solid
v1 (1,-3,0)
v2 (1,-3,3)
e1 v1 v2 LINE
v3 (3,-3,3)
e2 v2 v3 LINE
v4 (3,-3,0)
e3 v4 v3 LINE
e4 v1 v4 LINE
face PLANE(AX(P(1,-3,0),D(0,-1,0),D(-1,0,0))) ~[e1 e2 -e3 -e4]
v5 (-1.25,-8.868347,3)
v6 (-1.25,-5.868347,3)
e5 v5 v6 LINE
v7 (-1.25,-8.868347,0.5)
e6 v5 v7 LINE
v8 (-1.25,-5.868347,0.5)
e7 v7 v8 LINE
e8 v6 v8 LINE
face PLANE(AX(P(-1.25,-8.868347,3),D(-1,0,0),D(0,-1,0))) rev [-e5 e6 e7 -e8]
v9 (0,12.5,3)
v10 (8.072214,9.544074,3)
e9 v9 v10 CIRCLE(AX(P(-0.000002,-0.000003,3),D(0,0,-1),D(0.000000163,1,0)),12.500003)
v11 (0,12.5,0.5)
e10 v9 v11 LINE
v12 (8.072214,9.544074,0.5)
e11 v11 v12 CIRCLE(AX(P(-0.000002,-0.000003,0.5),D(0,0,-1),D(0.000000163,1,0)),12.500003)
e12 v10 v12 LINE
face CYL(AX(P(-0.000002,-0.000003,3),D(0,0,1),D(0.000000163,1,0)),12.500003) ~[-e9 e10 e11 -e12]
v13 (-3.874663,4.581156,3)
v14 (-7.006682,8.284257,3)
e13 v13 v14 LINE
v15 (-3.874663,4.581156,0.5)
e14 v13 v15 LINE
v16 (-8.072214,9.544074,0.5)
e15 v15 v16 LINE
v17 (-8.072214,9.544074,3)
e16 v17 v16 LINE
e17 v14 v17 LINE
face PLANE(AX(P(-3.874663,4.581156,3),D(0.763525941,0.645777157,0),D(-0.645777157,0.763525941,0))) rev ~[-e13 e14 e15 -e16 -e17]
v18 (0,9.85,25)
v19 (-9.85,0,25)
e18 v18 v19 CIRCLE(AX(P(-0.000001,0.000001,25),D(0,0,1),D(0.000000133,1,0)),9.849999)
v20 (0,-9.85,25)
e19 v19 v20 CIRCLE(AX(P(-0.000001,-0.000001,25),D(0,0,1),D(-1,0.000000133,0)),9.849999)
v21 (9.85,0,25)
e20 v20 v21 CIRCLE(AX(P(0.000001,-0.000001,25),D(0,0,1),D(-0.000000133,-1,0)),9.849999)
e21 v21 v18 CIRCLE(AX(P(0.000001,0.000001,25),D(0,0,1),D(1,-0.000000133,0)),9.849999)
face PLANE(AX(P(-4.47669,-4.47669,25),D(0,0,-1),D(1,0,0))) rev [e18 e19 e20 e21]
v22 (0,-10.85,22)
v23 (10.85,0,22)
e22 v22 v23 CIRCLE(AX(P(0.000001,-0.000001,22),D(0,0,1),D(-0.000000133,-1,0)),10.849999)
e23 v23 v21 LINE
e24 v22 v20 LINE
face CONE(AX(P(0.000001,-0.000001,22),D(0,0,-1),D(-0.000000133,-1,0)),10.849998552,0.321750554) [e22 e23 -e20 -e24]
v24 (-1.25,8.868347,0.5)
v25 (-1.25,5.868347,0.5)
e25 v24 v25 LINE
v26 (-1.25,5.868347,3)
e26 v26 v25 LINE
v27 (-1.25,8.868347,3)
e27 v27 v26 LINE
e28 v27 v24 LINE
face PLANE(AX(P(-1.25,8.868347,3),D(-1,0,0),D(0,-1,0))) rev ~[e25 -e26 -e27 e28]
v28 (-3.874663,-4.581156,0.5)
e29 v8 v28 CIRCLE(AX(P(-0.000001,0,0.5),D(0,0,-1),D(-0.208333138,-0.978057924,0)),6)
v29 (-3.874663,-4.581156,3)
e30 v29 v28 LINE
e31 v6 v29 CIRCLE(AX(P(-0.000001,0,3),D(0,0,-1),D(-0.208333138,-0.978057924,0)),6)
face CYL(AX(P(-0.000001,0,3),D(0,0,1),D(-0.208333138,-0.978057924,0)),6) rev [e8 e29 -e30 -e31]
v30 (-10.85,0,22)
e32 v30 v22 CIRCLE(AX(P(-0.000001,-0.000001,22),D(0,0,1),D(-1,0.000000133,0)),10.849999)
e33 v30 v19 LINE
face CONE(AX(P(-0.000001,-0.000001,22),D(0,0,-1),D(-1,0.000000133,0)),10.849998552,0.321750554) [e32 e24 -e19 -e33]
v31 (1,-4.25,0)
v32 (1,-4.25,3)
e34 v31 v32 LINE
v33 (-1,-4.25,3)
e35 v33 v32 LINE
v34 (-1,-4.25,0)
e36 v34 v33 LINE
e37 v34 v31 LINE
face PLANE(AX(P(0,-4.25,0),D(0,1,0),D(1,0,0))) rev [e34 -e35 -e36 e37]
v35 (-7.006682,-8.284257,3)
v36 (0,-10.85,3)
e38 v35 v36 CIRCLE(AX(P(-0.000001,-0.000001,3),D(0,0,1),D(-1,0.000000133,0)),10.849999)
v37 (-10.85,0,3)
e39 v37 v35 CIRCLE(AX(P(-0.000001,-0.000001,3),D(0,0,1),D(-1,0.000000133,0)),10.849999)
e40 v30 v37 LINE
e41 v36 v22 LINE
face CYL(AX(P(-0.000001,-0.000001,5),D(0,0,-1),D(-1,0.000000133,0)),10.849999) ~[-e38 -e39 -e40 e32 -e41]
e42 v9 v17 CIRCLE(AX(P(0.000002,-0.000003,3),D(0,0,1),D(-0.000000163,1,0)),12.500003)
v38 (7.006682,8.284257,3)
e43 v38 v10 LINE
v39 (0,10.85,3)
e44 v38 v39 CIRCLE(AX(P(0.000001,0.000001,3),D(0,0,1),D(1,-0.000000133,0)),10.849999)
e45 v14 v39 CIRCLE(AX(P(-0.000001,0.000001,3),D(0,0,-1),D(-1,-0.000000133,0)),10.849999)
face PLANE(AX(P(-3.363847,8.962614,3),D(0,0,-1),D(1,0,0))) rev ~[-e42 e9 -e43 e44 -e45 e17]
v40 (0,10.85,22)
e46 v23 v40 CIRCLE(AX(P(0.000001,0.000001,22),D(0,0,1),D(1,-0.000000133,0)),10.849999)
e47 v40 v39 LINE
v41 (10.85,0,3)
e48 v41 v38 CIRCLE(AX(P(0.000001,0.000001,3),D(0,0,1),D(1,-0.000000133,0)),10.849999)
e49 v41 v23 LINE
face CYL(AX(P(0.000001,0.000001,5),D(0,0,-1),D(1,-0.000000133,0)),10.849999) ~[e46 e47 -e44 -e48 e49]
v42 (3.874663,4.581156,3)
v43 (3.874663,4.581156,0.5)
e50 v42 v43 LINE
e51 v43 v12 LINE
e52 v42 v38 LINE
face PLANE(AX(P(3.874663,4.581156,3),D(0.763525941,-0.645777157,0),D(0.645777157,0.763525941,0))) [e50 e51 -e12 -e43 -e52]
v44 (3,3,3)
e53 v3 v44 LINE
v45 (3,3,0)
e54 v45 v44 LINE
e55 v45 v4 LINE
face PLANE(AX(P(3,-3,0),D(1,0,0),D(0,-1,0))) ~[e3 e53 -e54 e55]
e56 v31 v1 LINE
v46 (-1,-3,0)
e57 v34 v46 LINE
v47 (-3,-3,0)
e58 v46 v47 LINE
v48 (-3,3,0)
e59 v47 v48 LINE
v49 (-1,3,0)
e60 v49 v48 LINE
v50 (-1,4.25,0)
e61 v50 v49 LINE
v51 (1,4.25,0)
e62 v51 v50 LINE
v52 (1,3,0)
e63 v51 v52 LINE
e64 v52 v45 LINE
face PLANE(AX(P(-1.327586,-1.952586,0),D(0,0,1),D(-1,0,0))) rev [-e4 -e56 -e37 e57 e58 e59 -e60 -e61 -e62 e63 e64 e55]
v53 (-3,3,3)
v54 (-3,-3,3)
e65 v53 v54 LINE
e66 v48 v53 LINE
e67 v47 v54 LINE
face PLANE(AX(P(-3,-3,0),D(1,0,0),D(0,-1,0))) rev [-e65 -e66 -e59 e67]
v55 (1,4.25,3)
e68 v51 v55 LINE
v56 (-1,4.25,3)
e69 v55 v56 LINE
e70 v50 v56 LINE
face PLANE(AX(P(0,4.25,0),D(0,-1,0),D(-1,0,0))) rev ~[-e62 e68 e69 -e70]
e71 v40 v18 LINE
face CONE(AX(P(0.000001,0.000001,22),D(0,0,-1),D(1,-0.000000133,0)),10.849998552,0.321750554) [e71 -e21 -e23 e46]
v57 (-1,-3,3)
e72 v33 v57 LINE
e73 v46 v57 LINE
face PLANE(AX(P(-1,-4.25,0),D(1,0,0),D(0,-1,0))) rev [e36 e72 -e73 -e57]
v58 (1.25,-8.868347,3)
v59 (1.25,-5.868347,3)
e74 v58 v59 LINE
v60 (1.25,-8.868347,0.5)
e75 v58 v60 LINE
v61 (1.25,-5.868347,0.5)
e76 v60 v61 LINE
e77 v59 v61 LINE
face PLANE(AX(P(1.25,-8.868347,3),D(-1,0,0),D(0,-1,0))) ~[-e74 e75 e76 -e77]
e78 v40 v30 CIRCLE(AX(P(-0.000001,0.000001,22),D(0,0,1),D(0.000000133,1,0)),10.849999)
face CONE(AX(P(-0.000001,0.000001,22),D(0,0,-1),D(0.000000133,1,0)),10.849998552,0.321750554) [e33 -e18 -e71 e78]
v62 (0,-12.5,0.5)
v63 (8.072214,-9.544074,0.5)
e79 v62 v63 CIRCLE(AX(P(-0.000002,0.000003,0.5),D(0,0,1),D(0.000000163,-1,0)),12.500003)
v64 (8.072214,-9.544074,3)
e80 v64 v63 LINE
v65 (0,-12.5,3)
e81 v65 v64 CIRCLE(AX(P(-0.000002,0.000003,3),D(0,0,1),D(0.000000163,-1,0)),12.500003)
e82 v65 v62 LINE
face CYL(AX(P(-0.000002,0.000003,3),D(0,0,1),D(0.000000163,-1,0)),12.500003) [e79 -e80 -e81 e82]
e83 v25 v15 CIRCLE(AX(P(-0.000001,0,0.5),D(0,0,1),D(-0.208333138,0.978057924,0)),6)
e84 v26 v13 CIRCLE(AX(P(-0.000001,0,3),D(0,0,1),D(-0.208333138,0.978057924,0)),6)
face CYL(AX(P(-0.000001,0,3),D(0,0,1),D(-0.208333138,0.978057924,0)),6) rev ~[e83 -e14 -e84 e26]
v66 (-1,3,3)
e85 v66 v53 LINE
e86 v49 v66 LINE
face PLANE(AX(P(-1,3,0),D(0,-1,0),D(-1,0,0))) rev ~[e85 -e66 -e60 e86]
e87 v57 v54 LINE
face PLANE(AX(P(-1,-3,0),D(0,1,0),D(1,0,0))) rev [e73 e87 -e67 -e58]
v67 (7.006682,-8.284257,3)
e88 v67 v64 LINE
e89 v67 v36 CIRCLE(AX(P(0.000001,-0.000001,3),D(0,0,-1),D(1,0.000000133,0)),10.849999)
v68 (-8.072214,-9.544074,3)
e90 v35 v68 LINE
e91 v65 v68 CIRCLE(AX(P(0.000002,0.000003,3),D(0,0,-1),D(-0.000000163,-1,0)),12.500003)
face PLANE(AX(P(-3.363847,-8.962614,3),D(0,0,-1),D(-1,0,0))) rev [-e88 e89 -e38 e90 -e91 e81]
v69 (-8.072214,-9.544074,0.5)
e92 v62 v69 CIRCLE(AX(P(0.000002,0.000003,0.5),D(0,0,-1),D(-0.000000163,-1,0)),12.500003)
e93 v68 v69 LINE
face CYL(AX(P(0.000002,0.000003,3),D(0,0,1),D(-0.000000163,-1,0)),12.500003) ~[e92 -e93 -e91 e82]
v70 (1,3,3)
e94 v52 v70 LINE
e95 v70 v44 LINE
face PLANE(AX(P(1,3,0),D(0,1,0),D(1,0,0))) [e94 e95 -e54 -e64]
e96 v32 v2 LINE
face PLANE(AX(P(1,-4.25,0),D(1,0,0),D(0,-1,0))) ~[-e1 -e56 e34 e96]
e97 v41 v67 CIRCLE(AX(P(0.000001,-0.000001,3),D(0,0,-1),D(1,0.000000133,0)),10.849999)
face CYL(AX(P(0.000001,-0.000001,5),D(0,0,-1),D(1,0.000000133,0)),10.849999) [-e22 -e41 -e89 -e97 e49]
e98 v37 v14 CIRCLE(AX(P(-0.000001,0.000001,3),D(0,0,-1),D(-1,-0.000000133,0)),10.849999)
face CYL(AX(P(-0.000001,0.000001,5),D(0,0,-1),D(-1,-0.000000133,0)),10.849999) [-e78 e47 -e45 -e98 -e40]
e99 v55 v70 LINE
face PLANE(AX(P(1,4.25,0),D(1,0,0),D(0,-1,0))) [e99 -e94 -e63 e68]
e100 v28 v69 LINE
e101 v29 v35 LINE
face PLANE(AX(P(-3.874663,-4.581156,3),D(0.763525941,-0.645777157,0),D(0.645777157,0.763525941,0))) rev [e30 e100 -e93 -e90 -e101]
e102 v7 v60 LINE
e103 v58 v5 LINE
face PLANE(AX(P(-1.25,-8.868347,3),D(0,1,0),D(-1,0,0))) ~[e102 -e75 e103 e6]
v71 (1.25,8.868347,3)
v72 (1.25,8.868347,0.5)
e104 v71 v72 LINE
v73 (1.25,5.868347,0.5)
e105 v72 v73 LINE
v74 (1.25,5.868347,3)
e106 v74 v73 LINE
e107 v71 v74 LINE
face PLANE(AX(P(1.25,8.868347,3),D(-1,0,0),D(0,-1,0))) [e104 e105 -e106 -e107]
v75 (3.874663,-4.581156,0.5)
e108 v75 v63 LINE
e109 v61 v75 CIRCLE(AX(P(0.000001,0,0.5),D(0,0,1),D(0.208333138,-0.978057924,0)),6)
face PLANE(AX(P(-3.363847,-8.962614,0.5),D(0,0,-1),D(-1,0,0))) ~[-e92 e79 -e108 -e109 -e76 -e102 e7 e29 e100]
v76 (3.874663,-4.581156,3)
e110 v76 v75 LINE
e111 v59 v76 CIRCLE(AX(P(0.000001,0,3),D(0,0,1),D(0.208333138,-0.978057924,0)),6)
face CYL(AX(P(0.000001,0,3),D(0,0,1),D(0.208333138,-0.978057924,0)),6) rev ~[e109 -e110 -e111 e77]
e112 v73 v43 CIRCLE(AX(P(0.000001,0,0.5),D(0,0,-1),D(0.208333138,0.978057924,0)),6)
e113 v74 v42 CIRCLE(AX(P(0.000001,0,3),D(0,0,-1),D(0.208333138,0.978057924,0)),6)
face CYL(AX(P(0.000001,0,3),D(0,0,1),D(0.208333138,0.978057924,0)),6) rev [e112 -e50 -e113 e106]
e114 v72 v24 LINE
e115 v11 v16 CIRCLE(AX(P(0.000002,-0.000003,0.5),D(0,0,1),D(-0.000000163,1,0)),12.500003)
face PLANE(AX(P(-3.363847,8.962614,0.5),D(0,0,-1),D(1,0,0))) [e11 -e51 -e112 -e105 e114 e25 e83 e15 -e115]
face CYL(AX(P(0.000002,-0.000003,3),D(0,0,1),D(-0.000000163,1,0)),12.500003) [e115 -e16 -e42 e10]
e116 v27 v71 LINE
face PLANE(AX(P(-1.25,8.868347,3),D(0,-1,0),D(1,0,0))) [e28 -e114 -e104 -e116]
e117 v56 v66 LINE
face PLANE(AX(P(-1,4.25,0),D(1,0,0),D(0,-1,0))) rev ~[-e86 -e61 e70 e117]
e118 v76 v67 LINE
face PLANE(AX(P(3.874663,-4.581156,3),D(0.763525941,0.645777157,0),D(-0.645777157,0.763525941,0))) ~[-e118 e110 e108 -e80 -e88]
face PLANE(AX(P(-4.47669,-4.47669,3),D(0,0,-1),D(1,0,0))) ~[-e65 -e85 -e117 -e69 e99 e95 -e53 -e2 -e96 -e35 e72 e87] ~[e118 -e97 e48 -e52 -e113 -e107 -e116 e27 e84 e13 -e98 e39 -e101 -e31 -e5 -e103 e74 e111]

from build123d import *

# Parameters (mm, degrees)
PAD_DEPTH               = 3
PAD001_DEPTH            = 2
PAD002_DEPTH            = 20
PAD003_DEPTH            = 2.5
PAD_MIRRORED_2_DEPTH    = 3
PAD001_MIRRORED_2_DEPTH = 2
PAD002_MIRRORED_2_DEPTH = 20
PAD003_MIRRORED_2_DEPTH = 2.5
CHAMFER_SIZE2           = 1
CHAMFER_SIZE            = 3


with BuildPart() as part:
    # Sketch → Pad (new body)
    with BuildSketch(Plane.XY):
        Polygon((0, 4.25), (1, 4.25), (1, 3), (3, 3), (3, 0), (0, 0), align=None)
    pad = extrude(amount=PAD_DEPTH)

    # Sketch001 (on Face8 of Pad) → Pad001 (join)
    with BuildSketch(Plane.XY.offset(3)):
        with BuildLine():
            ThreePointArc((10.85, 0), (7.672109, 7.672109), (0, 10.85))
            Line((0, 10.85), (0, 0))
            Line((0, 0), (10.85, 0))
        make_face()
    pad001 = extrude(amount=PAD001_DEPTH)

    # Sketch002 (on Face12 of Pad001) → Pad002 (join)
    with BuildSketch(Plane.XY.offset(5)):
        with BuildLine():
            ThreePointArc((10.85, 0), (7.672109, 7.672109), (0, 10.85))
            Line((0, 0), (0, 10.85))
            Line((0, 0), (10.85, 0))
        make_face()
    pad002 = extrude(amount=PAD002_DEPTH)

    # Sketch003 (on Face5 of Pad002) → Pad003 (join)
    with BuildSketch(Plane(origin=(0, 0, 3), x_dir=(1, 0, 0), z_dir=(0, 0, -1))):
        with BuildLine():
            ThreePointArc((1.25, -5.868347), (2.641923, -5.387044), (3.874663, -4.581156))
            Line((3.874663, -4.581156), (8.072214, -9.544074))
            ThreePointArc((0, -12.5), (4.298201, -11.737779), (8.072214, -9.544074))
            Line((0, -8.868347), (0, -12.5))
            Line((1.25, -8.868347), (0, -8.868347))
            Line((1.25, -8.868347), (1.25, -5.868347))
        make_face()
    pad003 = extrude(amount=PAD003_DEPTH)

    # Sketch Mirrored 2 → Pad Mirrored 2 (add)
    with BuildSketch(Plane(origin=(0, 0, 0), x_dir=(-1, 0, 0), z_dir=(0, 0, -1))):
        Polygon((0, 4.25), (1, 4.25), (1, 3), (3, 3), (3, 0), (0, 0), align=None)
    pad_mirrored_2 = extrude(amount=-PAD_MIRRORED_2_DEPTH)

    # Sketch001 Mirrored 2 → Pad001 Mirrored 2 (add)
    with BuildSketch(Plane(origin=(0, 0, 3), x_dir=(-1, 0, 0), z_dir=(0, 0, -1))):
        with BuildLine():
            ThreePointArc((10.85, 0), (7.672109, 7.672109), (0, 10.85))
            Line((0, 10.85), (0, 0))
            Line((0, 0), (10.85, 0))
        make_face()
    pad001_mirrored_2 = extrude(amount=-PAD001_MIRRORED_2_DEPTH)

    # Sketch002 Mirrored 2 → Pad002 Mirrored 2 (add)
    with BuildSketch(Plane(origin=(0, 0, 5), x_dir=(-1, 0, 0), z_dir=(0, 0, -1))):
        with BuildLine():
            ThreePointArc((10.85, 0), (7.672109, 7.672109), (0, 10.85))
            Line((0, 0), (0, 10.85))
            Line((0, 0), (10.85, 0))
        make_face()
    pad002_mirrored_2 = extrude(amount=-PAD002_MIRRORED_2_DEPTH)

    # Sketch003 Mirrored 2 → Pad003 Mirrored 2 (add)
    with BuildSketch(Plane(origin=(0, 0, 3), x_dir=(-1, 0, 0), z_dir=(0, 0, 1))):
        with BuildLine():
            ThreePointArc((1.25, -5.868347), (2.641923, -5.387044), (3.874663, -4.581156))
            Line((3.874663, -4.581156), (8.072214, -9.544074))
            ThreePointArc((0, -12.5), (4.298201, -11.737779), (8.072214, -9.544074))
            Line((0, -8.868347), (0, -12.5))
            Line((1.25, -8.868347), (0, -8.868347))
            Line((1.25, -8.868347), (1.25, -5.868347))
        make_face()
    pad003_mirrored_2 = extrude(amount=-PAD003_MIRRORED_2_DEPTH)

    # Mirrored001: Pad, Pad001, Pad002, Pad003, Pad Mirrored 2, Pad001 Mirrored 2, Pad002 Mirrored 2, Pad003 Mirrored 2 across Sketch H_Axis
    add(pad.mirror(Plane.ZX))
    add(pad001.mirror(Plane.ZX))
    add(pad002.mirror(Plane.ZX))
    add(pad003.mirror(Plane.ZX))
    add(pad_mirrored_2.mirror(Plane.ZX))
    add(pad001_mirrored_2.mirror(Plane.ZX))
    add(pad002_mirrored_2.mirror(Plane.ZX))
    add(pad003_mirrored_2.mirror(Plane.ZX))

    # Chamfer
    chamfer_edges = [part.edges().sort_by_distance(p)[0] for p in [
        (-7.672109, -7.672109, 25),
    ]]
    chamfer_side = part.faces().sort_by_distance((-7.672109, -7.672109, 15))[0]
    chamfer(chamfer_edges, length=CHAMFER_SIZE, length2=CHAMFER_SIZE2, reference=chamfer_side)


solid = part.part
